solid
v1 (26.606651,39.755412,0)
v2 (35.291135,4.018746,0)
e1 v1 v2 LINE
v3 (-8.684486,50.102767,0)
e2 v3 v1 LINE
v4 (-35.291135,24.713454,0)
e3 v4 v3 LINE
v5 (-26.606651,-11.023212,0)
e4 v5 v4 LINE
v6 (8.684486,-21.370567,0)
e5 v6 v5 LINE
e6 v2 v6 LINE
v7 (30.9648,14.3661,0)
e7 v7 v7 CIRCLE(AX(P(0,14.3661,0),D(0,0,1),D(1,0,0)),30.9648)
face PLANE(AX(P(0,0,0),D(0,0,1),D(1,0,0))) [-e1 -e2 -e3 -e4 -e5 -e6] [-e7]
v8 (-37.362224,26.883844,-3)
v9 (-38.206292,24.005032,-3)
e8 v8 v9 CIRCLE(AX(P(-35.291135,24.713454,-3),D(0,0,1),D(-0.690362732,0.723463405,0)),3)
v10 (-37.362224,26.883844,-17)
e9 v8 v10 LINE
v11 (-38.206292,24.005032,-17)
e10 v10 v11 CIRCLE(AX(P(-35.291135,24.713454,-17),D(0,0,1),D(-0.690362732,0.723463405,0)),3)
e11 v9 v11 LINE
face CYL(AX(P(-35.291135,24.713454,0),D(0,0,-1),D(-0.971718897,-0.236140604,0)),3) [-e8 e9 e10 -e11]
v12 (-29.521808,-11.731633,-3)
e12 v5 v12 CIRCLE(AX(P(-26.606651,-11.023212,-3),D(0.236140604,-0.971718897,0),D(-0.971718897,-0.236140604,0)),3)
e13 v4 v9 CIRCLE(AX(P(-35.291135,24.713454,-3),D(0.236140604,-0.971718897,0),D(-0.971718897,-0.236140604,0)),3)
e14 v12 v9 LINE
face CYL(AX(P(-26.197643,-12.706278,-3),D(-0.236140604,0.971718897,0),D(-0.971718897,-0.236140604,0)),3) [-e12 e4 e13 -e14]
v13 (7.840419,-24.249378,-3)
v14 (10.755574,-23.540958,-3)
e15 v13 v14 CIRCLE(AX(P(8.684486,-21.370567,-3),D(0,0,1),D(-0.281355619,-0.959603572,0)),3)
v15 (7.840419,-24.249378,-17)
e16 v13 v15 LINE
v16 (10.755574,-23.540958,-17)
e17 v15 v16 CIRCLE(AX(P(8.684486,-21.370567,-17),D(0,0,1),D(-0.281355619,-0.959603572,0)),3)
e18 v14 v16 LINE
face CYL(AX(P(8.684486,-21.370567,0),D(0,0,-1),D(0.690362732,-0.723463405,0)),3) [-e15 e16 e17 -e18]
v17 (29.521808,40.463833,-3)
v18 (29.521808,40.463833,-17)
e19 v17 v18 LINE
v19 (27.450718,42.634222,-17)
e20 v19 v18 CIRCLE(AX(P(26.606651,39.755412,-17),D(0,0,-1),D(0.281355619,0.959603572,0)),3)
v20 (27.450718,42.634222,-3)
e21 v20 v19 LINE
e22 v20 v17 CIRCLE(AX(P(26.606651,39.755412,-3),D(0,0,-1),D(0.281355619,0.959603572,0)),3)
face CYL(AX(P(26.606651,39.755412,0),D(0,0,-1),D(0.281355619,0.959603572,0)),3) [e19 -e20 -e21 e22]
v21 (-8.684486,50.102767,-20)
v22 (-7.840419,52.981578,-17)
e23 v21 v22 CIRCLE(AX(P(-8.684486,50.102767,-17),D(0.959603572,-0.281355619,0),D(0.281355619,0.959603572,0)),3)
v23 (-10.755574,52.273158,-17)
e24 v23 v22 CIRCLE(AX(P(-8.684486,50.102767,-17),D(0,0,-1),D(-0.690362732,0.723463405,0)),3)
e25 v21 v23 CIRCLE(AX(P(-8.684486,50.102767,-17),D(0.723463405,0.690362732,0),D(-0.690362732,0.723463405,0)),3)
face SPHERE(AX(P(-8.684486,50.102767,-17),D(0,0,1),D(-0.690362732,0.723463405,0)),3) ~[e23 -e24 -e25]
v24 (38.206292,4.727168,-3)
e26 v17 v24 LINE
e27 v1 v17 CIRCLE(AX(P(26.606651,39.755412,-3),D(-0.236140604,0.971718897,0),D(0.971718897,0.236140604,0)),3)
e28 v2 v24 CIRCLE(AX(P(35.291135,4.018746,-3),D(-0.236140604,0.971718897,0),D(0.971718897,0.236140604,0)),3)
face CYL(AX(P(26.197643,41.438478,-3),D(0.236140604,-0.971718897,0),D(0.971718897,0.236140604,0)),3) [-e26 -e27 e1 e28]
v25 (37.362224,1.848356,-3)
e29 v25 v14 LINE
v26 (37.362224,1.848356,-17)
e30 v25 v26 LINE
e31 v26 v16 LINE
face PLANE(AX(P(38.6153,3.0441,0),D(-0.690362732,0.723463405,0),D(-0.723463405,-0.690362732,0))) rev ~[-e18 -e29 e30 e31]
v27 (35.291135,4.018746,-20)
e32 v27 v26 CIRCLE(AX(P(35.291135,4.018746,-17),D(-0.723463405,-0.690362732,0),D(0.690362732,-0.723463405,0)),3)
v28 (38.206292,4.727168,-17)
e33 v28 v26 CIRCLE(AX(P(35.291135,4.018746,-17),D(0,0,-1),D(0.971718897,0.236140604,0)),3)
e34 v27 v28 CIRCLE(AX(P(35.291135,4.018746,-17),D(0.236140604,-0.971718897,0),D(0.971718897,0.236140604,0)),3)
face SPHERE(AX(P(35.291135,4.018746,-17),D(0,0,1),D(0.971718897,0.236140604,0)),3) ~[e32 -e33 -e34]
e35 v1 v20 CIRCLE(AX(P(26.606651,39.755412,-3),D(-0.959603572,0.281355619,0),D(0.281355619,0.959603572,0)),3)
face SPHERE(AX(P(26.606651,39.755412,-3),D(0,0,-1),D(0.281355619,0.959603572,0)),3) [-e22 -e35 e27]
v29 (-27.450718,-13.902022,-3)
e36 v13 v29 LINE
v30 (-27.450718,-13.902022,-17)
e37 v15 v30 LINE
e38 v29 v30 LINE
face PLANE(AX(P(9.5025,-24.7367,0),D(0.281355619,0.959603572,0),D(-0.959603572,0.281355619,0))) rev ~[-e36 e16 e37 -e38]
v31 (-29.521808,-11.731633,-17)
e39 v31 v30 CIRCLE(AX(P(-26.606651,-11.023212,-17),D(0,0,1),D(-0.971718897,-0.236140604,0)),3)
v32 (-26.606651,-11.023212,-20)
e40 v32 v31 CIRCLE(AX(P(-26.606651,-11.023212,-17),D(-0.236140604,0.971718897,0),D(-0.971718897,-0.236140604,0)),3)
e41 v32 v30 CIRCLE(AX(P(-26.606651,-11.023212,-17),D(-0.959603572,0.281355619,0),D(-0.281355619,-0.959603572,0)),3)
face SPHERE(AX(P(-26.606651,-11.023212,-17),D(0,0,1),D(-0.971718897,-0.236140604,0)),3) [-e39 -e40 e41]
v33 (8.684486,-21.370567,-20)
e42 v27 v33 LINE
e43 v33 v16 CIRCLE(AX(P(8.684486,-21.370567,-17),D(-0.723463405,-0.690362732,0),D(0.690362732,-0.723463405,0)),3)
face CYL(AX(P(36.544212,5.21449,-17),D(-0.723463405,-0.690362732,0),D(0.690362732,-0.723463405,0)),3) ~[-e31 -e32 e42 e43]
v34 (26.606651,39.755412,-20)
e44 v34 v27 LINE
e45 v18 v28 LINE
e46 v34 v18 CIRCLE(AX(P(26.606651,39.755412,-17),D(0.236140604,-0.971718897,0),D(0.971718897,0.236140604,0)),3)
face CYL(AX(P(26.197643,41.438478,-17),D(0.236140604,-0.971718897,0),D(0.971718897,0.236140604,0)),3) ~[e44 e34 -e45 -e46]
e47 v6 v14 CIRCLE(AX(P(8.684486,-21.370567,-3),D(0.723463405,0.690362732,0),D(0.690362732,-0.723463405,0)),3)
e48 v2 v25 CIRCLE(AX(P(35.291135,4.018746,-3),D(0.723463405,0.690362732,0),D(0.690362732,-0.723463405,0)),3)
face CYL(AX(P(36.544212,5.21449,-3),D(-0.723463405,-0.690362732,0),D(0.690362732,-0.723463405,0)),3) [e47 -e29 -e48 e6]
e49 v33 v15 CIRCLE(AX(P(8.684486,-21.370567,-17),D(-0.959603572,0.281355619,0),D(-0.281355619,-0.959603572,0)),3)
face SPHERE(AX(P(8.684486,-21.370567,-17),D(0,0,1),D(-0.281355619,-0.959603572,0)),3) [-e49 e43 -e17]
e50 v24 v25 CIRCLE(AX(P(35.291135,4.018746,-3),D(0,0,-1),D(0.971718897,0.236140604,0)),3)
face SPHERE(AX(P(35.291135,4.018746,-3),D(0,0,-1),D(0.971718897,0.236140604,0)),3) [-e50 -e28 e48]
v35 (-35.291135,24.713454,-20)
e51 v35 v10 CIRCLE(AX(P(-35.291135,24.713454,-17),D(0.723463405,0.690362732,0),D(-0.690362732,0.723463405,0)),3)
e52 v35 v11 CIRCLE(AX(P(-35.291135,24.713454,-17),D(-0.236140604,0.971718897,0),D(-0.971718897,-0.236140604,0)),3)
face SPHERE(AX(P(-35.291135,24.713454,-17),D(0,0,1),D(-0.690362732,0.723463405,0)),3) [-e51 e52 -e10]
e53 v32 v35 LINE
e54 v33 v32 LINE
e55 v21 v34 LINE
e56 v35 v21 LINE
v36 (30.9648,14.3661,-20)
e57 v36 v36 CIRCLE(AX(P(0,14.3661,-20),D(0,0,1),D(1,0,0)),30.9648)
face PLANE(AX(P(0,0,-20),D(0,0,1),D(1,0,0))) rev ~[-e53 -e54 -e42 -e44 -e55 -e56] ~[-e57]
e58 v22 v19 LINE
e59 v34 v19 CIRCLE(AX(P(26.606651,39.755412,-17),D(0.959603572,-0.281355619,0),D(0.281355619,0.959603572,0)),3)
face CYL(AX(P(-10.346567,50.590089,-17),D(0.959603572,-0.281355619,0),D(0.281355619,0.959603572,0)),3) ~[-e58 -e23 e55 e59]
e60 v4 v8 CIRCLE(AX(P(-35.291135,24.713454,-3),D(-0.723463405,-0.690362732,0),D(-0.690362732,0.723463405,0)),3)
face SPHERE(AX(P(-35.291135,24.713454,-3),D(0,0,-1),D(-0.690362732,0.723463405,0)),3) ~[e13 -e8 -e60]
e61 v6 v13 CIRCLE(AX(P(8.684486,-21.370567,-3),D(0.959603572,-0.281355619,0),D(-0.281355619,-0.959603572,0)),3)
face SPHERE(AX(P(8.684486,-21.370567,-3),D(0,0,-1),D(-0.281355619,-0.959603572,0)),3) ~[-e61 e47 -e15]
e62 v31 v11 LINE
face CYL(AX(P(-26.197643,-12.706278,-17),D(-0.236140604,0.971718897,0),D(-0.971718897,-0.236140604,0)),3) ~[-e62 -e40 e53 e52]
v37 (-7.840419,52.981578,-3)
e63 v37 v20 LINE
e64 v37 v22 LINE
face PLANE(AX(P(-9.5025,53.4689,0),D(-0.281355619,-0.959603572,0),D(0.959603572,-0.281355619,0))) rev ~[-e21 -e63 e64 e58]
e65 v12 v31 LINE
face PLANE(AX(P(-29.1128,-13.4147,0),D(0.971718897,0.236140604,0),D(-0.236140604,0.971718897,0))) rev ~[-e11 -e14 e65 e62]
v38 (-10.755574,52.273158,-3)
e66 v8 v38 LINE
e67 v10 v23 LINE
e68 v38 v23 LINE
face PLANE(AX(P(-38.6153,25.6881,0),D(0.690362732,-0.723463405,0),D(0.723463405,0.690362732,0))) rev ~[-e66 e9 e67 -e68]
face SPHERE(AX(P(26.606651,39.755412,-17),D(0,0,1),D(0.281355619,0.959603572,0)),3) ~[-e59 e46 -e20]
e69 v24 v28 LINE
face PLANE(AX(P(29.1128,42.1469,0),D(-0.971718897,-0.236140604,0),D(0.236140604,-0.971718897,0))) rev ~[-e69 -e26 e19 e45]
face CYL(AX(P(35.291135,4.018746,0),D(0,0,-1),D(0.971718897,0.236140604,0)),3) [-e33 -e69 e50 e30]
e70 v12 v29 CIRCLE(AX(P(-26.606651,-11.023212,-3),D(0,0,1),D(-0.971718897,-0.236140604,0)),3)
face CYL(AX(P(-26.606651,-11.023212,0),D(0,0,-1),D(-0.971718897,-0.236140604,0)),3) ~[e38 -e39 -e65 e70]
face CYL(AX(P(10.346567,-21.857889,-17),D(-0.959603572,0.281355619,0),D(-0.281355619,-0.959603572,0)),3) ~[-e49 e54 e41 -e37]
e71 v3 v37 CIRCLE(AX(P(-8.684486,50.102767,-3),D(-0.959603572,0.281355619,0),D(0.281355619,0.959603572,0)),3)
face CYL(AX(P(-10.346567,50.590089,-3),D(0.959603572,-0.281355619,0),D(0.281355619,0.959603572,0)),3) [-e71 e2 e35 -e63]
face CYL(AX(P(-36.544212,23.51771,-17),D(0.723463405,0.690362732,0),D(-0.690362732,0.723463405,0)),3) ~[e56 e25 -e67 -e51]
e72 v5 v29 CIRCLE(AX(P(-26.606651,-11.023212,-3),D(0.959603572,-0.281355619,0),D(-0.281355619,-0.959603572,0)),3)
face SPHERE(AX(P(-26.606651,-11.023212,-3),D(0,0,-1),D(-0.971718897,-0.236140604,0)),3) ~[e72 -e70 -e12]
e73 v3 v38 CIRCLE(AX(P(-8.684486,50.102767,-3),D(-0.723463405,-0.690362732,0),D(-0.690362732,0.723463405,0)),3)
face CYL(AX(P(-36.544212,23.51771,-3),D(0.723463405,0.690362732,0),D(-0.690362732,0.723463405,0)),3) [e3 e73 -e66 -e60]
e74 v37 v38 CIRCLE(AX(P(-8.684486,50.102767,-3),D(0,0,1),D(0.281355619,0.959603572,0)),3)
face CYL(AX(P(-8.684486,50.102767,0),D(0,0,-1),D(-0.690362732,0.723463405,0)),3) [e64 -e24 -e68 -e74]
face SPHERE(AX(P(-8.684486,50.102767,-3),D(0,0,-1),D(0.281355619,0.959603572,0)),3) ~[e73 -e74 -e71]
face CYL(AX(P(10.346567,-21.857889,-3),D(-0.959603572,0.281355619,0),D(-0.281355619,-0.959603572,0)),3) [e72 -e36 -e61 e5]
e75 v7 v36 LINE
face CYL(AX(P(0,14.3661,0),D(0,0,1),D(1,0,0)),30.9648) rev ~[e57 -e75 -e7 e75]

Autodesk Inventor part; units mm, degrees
ref_plane "YZ Plane" through (0, 0, 0) normal (1, 0, 0) x (0, 1, 0)
ref_plane "XZ Plane" through (0, 0, 0) normal (0, 1, 0) x (-1, 0, 0)
ref_plane "XY Plane" through (0, 0, 0) normal (0, 0, 1) x (1, 0, 0)
sketch "Sketch1" plane through (0, 0, 0) normal (0, 0, 1) x (1, 0, 0)
  line L0 (-29.1128, -13.4147) -> (-38.6153, 25.6881)
  line L1 (-38.6153, 25.6881) -> (-9.5025, 53.4689)
  line L2 (-9.5025, 53.4689) -> (29.1128, 42.1469)
  line L3 (29.1128, 42.1469) -> (38.6153, 3.0441)
  line L4 (38.6153, 3.0441) -> (9.5025, -24.7367)
  line L5 (9.5025, -24.7367) -> (-29.1128, -13.4147)
  circle A0 centre (0, 14.3661) radius 30.9648
  point P0 (0, 0)
extrude "Extrusion1" add sketch "Sketch1" against normal blind 20
thread "Thread1" size "M50x3" class "6H" standard "ISO Metric profile" full length
fillet "Fillet1" radius 3 18 edges at (-29.1128, -13.4147, -10) (-38.6153, 25.6881, -10) (9.5025, -24.7367, -10) (38.6153, 3.0441, -10) (29.1128, 42.1469, -10) (-9.5025, 53.4689, -10) (-24.0589, 39.5785, -20) (9.8051, 47.8079, -20) (9.8051, 47.8079, 0) (-24.0589, 39.5785, 0) (33.864, 22.5955, 0) (33.864, 22.5955, -20) (-33.864, 6.1367, 0) (-33.864, 6.1367, -20) (-9.8051, -19.0757, -20) (-9.8051, -19.0757, 0) (24.0589, -10.8463, 0) (24.0589, -10.8463, -20)
properties part number "ANI"
